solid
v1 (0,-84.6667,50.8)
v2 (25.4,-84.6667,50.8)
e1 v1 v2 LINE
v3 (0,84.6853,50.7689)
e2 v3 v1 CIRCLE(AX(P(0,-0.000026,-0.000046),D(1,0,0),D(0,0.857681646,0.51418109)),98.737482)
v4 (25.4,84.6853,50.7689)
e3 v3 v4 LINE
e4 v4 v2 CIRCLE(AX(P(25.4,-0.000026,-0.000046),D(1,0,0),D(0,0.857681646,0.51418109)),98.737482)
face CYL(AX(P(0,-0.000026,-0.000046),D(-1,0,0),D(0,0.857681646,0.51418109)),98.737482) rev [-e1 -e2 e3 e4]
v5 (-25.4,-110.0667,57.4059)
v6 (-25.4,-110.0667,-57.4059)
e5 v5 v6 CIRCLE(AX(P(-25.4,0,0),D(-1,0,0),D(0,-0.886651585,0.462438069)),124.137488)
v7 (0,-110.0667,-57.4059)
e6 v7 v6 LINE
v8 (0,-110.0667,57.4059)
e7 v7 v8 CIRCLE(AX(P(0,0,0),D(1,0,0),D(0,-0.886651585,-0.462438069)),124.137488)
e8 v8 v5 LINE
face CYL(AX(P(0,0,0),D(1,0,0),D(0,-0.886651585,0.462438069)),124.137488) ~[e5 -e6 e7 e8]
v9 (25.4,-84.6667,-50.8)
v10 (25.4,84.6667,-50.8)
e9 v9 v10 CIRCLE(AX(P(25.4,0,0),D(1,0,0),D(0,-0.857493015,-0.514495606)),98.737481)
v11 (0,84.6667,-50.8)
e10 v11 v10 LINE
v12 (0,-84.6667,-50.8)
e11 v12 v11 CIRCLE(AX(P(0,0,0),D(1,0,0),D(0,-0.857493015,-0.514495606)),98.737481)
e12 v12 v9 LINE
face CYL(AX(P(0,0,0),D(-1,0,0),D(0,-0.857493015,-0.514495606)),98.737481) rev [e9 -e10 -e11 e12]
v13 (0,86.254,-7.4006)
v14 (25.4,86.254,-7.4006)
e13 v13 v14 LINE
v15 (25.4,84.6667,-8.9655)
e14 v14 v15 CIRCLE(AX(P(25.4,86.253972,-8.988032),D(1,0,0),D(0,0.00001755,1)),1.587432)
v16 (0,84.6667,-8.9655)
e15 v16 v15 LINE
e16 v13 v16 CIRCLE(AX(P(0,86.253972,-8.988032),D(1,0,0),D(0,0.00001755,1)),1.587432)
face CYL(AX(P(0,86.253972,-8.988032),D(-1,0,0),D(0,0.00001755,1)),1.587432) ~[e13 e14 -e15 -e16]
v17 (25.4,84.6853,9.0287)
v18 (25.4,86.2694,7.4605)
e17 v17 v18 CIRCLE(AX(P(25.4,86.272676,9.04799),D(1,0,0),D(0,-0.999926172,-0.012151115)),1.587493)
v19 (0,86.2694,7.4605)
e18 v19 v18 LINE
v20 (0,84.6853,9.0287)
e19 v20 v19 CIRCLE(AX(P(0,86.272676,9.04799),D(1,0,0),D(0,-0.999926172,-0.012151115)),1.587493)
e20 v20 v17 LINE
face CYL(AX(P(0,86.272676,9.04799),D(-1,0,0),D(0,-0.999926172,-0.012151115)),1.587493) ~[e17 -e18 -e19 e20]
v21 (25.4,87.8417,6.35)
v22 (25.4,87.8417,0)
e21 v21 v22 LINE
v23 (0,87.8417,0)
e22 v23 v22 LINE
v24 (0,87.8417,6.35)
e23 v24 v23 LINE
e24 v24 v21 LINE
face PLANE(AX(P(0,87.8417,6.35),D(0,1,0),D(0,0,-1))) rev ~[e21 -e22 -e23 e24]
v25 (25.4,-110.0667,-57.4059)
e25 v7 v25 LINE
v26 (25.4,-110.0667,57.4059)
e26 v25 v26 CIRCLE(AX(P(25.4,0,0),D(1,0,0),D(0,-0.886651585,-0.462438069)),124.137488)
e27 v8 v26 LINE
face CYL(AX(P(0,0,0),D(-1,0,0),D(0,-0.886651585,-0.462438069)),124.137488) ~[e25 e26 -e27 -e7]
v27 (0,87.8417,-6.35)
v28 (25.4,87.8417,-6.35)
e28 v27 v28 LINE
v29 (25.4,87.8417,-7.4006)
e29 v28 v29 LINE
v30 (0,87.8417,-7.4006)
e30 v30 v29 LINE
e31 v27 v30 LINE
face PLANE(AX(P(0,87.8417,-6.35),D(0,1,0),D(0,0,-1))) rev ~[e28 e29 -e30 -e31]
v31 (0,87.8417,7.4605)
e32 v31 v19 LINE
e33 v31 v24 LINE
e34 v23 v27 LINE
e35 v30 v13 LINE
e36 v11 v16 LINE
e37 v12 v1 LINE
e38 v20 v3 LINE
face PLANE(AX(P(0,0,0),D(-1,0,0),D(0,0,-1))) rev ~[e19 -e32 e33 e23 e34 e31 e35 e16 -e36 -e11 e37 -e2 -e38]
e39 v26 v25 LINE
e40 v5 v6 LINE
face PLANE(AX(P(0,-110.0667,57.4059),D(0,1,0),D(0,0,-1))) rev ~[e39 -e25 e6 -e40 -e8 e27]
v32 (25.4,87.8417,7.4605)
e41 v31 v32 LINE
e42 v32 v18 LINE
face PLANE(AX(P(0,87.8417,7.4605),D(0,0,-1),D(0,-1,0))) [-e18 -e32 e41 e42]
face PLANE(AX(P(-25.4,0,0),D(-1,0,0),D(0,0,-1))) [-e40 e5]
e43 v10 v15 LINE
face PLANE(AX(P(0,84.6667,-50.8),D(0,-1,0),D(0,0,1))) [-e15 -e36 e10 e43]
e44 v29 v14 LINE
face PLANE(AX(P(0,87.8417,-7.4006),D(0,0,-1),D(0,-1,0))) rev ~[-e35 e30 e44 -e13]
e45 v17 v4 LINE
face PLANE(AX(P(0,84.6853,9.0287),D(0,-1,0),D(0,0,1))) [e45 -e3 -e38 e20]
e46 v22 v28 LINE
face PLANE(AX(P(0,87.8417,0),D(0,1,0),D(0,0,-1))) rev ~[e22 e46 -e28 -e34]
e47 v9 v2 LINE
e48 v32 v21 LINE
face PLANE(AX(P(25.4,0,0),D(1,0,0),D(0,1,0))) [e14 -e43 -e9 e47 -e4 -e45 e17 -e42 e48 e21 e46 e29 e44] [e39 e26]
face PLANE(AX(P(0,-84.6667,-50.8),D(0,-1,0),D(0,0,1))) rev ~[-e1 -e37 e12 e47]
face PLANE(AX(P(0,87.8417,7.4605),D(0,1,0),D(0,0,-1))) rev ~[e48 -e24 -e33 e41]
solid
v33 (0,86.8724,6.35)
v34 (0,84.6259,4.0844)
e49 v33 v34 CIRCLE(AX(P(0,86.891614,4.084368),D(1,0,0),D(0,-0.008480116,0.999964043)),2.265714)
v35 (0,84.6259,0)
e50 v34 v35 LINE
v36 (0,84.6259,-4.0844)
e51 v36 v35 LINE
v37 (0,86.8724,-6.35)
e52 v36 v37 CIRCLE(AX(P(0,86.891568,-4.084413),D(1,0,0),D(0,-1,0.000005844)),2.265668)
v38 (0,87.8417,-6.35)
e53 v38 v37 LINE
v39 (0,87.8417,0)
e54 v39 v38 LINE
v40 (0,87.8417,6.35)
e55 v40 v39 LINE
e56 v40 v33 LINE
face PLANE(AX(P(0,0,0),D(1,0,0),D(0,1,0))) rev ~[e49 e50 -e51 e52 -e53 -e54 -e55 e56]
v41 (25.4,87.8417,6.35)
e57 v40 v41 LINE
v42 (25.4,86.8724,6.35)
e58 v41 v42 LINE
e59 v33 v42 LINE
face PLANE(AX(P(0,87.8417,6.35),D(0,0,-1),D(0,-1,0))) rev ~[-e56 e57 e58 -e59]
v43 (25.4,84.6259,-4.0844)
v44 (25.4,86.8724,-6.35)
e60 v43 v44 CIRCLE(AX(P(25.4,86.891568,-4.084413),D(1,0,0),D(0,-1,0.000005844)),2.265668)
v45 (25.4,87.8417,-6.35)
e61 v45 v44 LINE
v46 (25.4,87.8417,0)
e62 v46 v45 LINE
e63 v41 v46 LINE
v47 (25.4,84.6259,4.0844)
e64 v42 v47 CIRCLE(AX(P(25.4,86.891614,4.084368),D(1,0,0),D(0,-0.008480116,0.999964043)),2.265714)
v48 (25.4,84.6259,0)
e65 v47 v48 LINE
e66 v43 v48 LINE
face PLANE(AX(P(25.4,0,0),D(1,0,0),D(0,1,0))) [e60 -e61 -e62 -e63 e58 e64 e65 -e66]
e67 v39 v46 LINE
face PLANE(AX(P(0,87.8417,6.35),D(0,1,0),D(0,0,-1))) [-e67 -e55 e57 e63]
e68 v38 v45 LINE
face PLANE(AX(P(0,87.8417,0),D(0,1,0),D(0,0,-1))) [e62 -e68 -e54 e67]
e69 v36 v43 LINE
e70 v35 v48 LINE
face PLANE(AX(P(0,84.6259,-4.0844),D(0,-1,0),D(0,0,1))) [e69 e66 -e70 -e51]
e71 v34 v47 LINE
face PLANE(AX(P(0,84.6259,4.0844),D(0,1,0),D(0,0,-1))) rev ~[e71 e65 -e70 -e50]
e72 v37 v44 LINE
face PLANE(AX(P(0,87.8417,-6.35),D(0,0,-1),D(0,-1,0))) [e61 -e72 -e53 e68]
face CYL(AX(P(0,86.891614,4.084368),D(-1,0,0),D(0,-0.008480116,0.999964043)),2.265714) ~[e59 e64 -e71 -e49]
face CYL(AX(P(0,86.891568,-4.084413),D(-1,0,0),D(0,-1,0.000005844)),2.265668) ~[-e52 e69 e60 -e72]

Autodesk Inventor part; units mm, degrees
ref_plane "YZ Plane" through (0, 0, 0) normal (1, 0, 0) x (0, 1, 0)
ref_plane "XZ Plane" through (0, 0, 0) normal (0, 1, 0) x (-1, 0, 0)
ref_plane "XY Plane" through (0, 0, 0) normal (0, 0, 1) x (1, 0, 0)
sketch "Sketch1" plane through (0, 0, 0) normal (1, 0, 0) x (0, 1, 0)
  line L0 (-84.6667, -50.8) -> (-84.6667, 50.8)
  arc A0 (-110.0667, -57.4059) -> (-110.0667, 57.4059) centre (0, 0) ccw
  arc A1 (-84.6667, -50.8) -> (84.6667, -50.8) centre (0, 0) ccw
  arc A2 (84.6853, 50.7689) -> (-84.6667, 50.8) centre (0, 0) ccw
  line L1 (-110.0667, 57.4059) -> (-110.0667, -57.4059)
  line L2 (84.6853, 9.0287) -> (84.6667, -8.9655) construction
  arc A3 (86.254, -7.4006) -> (84.6667, -8.9655) centre (86.254, -8.9881) ccw
  arc A4 (84.6853, 9.0287) -> (86.2694, 7.4605) centre (86.2727, 9.048) ccw
  line L3 (84.6667, 0.0316) -> (87.8417, 0.0283) construction
  line L4 (87.8417, 7.4605) -> (86.2694, 7.4605)
  line L5 (84.6667, -50.8) -> (84.6667, -8.9655)
  line L6 (84.6853, 9.0287) -> (84.6853, 50.7689)
  line L7 (84.6259, -4.0844) -> (84.6259, 0)
  line L8 (85.3112, -5.7079) -> (86.8916, -4.0844) construction
  arc A5 (87.8417, -6.35) -> (84.6259, -3.1747) centre (84.6667, -6.3494) ccw construction
  line L9 (87.8417, -6.35) -> (86.8724, -6.35)
  arc A6 (84.6259, -4.0844) -> (86.8724, -6.35) centre (86.8916, -4.0844) ccw
  line L10 (84.6259, 4.0844) -> (84.6259, 0)
  line L11 (85.3112, 5.7079) -> (86.8916, 4.0844) construction
  line L12 (87.8417, 6.35) -> (86.8724, 6.35)
  arc A7 (84.6259, 3.1747) -> (87.8417, 6.35) centre (84.6667, 6.3494) ccw construction
  arc A8 (86.8724, 6.35) -> (84.6259, 4.0844) centre (86.8916, 4.0844) ccw
  line L13 (84.6259, 0) -> (87.8417, 0) construction
  line L14 (87.8417, 7.4605) -> (87.8417, 6.35)
  line L15 (87.8417, 6.35) -> (87.8417, 0)
  line L16 (87.8417, 0) -> (87.8417, -6.35)
  line L17 (87.8417, -6.35) -> (87.8417, -7.4006)
  line L18 (87.8417, -7.4006) -> (86.254, -7.4006)
  point P0 (87.8079, -3.1429)
  point P1 (87.8079, 3.1429)
  point P2 (86.9731, -7.378)
  dimension "d13" = 101.6
  dimension "d18" = 25.4
  dimension "d25" = 1.5875
  dimension "d32" = 6.35
  dimension "d33" = 3.175
  dimension "d34" = 2.2657
  dimension "d35" = 2.2466
  dimension "d36" = 3.2158
extrude "connection" add sketch "Sketch1" along normal blind 25.4
extrude "light\\" add sketch "Sketch1" along normal up to surface (25.4 mm away) separate body contours L9 A6 L7 L10 A8 L12 L15 L16
sketch "Sketch5" plane through (0, 0, 0) normal (-1, 0, 0) x (0, 0, -1)
  arc A0 (-57.4059, 110.0667) -> (57.4059, 110.0667) centre (0, 0) ccw
  line L0 (-57.4059, 110.0667) -> (57.4059, 110.0667) projected
  line L1 (-57.4059, 110.0667) -> (57.4059, 110.0667)
extrude "end cap" add sketch "Sketch5" along normal blind 25.4 bodies 1
properties part number "end cap"
